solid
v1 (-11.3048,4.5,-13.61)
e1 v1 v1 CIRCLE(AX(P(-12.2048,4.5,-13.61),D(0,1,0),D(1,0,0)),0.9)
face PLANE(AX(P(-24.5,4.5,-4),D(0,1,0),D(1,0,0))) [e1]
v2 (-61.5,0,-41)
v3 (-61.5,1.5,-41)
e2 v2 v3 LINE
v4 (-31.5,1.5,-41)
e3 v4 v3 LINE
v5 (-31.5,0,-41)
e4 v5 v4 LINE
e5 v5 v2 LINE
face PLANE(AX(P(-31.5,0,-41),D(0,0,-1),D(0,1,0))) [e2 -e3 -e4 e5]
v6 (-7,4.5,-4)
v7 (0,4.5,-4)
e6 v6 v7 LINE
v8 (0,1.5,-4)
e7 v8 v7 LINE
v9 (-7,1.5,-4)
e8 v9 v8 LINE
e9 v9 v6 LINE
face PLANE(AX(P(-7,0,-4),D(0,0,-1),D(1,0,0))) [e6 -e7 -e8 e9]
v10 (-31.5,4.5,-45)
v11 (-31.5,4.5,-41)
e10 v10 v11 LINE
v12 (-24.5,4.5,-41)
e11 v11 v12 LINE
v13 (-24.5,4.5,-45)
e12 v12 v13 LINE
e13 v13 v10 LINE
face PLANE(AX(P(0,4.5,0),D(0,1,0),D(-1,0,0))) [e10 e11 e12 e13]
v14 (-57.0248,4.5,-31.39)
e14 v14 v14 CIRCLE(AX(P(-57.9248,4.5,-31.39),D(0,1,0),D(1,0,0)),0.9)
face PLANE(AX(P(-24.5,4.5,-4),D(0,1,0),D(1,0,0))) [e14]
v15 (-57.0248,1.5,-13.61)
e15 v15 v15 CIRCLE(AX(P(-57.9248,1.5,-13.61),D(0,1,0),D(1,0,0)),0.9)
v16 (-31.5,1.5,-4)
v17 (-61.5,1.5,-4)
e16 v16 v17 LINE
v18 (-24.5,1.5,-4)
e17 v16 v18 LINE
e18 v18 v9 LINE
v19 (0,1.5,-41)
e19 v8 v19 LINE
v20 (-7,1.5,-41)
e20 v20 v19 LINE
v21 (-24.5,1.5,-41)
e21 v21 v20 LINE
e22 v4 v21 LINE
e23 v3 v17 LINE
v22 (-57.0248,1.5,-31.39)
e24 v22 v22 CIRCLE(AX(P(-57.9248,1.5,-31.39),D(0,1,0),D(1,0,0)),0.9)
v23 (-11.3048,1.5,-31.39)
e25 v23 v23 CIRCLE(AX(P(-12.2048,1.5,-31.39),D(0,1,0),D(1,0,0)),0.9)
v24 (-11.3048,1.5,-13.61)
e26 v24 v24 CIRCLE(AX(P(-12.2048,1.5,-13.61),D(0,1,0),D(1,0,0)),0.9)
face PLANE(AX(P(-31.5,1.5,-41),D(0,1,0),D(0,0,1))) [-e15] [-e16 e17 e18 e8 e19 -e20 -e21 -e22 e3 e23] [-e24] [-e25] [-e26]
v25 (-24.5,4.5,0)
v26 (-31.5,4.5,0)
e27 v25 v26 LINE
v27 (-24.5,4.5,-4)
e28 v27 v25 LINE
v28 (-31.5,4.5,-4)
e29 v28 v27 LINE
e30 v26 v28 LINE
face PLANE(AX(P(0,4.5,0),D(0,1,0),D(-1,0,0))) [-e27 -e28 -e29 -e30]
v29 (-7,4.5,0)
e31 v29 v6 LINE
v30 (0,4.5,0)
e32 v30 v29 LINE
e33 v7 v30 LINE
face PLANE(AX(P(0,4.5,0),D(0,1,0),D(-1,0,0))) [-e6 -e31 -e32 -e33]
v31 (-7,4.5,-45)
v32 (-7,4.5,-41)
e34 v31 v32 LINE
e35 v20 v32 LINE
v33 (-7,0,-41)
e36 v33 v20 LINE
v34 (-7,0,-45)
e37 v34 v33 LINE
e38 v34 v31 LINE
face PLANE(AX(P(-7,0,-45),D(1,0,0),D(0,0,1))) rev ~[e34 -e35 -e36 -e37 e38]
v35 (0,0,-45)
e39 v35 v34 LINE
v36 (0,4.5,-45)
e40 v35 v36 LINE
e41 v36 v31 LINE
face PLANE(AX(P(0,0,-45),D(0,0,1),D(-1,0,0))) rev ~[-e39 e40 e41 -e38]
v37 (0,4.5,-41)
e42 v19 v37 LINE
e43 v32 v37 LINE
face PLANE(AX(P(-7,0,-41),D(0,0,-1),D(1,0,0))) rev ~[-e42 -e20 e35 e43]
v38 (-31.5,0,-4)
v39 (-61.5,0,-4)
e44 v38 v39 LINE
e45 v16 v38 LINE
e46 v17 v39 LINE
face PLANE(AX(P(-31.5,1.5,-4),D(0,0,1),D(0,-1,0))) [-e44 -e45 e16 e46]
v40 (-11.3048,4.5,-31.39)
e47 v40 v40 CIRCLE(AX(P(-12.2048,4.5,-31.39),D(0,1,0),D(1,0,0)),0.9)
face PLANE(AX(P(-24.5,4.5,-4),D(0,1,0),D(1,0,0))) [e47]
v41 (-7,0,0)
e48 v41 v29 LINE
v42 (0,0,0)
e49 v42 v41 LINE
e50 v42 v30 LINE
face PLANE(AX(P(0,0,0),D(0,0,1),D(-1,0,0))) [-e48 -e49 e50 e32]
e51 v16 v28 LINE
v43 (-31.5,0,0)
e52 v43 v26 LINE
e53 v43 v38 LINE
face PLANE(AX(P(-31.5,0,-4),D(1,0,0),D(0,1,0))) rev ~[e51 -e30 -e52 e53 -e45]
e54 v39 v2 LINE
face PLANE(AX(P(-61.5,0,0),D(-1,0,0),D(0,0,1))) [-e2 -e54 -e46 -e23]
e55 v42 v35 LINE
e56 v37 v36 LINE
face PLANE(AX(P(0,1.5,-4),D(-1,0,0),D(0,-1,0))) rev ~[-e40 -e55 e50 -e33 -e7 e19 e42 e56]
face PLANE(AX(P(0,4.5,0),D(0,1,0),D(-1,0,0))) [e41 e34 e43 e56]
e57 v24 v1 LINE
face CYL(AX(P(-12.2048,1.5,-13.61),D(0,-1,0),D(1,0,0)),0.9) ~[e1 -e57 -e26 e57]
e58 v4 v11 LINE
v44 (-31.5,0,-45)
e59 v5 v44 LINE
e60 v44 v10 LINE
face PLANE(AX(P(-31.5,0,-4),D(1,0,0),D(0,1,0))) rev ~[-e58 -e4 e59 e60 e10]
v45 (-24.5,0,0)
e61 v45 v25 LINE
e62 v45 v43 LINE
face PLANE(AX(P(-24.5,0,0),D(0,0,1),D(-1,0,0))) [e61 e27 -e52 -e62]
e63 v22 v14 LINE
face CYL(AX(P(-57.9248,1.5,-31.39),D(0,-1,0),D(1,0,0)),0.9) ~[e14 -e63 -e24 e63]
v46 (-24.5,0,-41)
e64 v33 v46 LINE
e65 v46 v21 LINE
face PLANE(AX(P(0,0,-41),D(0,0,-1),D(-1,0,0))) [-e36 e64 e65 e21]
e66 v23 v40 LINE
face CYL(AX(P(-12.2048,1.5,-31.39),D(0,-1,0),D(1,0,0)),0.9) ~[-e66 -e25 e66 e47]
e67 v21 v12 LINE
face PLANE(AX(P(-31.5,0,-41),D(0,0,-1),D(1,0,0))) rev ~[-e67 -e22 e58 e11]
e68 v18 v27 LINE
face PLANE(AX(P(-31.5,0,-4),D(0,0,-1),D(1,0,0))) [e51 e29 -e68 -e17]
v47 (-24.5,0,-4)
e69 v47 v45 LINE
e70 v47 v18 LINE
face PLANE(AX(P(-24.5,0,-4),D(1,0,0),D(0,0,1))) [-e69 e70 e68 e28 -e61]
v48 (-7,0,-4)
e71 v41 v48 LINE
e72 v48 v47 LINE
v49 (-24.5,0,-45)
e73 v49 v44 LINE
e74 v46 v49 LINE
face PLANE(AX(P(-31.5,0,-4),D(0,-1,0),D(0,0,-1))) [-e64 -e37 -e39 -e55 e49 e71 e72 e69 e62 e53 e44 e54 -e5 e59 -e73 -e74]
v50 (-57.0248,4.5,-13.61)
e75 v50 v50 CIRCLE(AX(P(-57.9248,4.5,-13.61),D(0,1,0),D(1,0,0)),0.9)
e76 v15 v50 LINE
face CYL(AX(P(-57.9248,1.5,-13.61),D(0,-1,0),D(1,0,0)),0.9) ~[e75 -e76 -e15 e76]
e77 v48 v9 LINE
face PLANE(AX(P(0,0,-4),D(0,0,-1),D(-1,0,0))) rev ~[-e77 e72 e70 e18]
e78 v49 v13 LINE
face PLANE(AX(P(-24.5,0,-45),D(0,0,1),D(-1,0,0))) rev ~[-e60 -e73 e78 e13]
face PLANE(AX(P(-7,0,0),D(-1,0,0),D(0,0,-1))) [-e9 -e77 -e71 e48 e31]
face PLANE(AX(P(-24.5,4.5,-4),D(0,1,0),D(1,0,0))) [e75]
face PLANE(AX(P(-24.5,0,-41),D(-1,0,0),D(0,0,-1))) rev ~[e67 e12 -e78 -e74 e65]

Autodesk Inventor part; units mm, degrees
ref_plane "YZ Plane" through (0, 0, 0) normal (1, 0, 0) x (0, 1, 0)
ref_plane "XZ Plane" through (0, 0, 0) normal (0, 1, 0) x (-1, 0, 0)
ref_plane "XY Plane" through (0, 0, 0) normal (0, 0, 1) x (1, 0, 0)
sketch "Sketch1" plane through (0, 0, 0) normal (0, 1, 0) x (-1, 0, 0)
  line L0 (0, 0) -> (7, 0)
  line L1 (7, 0) -> (7, -4)
  line L2 (7, -4) -> (0, -4)
  line L3 (0, -4) -> (0, 0)
  line L4 (0, -22.5) -> (26.9418, -22.5) construction
  line L5 (24.5, 0) -> (31.5, 0)
  line L6 (31.5, 0) -> (31.5, -4)
  line L7 (31.5, -4) -> (24.5, -4)
  line L8 (24.5, -4) -> (24.5, 0)
  line L9 (0, -45) -> (7, -45)
  line L10 (7, -45) -> (7, -41)
  line L11 (7, -41) -> (0, -41)
  line L12 (0, -41) -> (0, -45)
  line L13 (24.5, -45) -> (31.5, -45)
  line L14 (31.5, -45) -> (31.5, -41)
  line L15 (31.5, -41) -> (24.5, -41)
  line L16 (24.5, -41) -> (24.5, -45)
  dimension "d0" = 7
  dimension "d1" = 4
  dimension "d2" = 18.5
  dimension "d3" = 7
  dimension "d4" = 17.5
  dimension "d5" = 37
  dimension "d15" = 4
extrude "Extrusion1" add sketch "Sketch1" along normal blind 4.5
sketch "Sketch2" plane through (0, 0, -4) normal (0, 0, -1) x (-1, 0, 0)
  line L0 (0, 0) -> (7, 0) projected
  line L1 (31.5, 0) -> (31.5, 4.5) projected
  line L2 (0, 0) -> (31.5, 0)
  line L3 (31.5, 0) -> (31.5, 1.5)
  line L4 (31.5, 1.5) -> (0, 1.5)
  line L5 (0, 1.5) -> (0, 0)
  dimension "d8" = 1.5
  dimension "d11" = 31.5
extrude "Extrusion2" add sketch "Sketch2" along normal blind 37
sketch "Sketch3" plane through (0, 0, 0) normal (0, -1, 0) x (1, 0, 0)
  point P0 (0, 0)
sketch "Sketch4" plane through (-31.5, 0, 0) normal (-1, 0, 0) x (0, 0, 1)
  line L0 (-41, 1.5) -> (-41, 4.5) projected
  line L1 (0, 0) -> (-45, 0) projected
  line L2 (-41, 1.5) -> (-4, 1.5)
  line L3 (-4, 1.5) -> (-4, 0)
  line L4 (-4, 0) -> (-41, 0)
  line L5 (-41, 0) -> (-41, 1.5)
  point P0 (-41, 0)
  dimension "d12" = 37
extrude "Extrusion3" add sketch "Sketch4" along normal blind 30
sketch "Sketch5" plane through (-24.5, 1.5, -4) normal (0, 1, 0) x (1, 0, 0)
  circle A0 centre (12.2952, 27.39) radius 0.9
  line L0 (24.5, -4) -> (24.5, 41) construction
  line L1 (24.5, 18.5) -> (-15.4775, 18.5) construction
  circle A1 centre (-33.4248, 27.39) radius 0.9
  circle A2 centre (12.2952, 9.61) radius 0.9
  circle A3 centre (-33.4248, 9.61) radius 0.9
  dimension "d16" = 1.8
  dimension "d17" = 8.89
  dimension "d18" = 1.8
  dimension "d19" = 45.72
  dimension "d22" = 8.89
extrude "Extrusion4" add sketch "Sketch5" along normal blind 3
equation "\"d3\" = d0"
equation "\"d18\" = d16"
equation "\"d22\" = d17"
properties part number "b"
